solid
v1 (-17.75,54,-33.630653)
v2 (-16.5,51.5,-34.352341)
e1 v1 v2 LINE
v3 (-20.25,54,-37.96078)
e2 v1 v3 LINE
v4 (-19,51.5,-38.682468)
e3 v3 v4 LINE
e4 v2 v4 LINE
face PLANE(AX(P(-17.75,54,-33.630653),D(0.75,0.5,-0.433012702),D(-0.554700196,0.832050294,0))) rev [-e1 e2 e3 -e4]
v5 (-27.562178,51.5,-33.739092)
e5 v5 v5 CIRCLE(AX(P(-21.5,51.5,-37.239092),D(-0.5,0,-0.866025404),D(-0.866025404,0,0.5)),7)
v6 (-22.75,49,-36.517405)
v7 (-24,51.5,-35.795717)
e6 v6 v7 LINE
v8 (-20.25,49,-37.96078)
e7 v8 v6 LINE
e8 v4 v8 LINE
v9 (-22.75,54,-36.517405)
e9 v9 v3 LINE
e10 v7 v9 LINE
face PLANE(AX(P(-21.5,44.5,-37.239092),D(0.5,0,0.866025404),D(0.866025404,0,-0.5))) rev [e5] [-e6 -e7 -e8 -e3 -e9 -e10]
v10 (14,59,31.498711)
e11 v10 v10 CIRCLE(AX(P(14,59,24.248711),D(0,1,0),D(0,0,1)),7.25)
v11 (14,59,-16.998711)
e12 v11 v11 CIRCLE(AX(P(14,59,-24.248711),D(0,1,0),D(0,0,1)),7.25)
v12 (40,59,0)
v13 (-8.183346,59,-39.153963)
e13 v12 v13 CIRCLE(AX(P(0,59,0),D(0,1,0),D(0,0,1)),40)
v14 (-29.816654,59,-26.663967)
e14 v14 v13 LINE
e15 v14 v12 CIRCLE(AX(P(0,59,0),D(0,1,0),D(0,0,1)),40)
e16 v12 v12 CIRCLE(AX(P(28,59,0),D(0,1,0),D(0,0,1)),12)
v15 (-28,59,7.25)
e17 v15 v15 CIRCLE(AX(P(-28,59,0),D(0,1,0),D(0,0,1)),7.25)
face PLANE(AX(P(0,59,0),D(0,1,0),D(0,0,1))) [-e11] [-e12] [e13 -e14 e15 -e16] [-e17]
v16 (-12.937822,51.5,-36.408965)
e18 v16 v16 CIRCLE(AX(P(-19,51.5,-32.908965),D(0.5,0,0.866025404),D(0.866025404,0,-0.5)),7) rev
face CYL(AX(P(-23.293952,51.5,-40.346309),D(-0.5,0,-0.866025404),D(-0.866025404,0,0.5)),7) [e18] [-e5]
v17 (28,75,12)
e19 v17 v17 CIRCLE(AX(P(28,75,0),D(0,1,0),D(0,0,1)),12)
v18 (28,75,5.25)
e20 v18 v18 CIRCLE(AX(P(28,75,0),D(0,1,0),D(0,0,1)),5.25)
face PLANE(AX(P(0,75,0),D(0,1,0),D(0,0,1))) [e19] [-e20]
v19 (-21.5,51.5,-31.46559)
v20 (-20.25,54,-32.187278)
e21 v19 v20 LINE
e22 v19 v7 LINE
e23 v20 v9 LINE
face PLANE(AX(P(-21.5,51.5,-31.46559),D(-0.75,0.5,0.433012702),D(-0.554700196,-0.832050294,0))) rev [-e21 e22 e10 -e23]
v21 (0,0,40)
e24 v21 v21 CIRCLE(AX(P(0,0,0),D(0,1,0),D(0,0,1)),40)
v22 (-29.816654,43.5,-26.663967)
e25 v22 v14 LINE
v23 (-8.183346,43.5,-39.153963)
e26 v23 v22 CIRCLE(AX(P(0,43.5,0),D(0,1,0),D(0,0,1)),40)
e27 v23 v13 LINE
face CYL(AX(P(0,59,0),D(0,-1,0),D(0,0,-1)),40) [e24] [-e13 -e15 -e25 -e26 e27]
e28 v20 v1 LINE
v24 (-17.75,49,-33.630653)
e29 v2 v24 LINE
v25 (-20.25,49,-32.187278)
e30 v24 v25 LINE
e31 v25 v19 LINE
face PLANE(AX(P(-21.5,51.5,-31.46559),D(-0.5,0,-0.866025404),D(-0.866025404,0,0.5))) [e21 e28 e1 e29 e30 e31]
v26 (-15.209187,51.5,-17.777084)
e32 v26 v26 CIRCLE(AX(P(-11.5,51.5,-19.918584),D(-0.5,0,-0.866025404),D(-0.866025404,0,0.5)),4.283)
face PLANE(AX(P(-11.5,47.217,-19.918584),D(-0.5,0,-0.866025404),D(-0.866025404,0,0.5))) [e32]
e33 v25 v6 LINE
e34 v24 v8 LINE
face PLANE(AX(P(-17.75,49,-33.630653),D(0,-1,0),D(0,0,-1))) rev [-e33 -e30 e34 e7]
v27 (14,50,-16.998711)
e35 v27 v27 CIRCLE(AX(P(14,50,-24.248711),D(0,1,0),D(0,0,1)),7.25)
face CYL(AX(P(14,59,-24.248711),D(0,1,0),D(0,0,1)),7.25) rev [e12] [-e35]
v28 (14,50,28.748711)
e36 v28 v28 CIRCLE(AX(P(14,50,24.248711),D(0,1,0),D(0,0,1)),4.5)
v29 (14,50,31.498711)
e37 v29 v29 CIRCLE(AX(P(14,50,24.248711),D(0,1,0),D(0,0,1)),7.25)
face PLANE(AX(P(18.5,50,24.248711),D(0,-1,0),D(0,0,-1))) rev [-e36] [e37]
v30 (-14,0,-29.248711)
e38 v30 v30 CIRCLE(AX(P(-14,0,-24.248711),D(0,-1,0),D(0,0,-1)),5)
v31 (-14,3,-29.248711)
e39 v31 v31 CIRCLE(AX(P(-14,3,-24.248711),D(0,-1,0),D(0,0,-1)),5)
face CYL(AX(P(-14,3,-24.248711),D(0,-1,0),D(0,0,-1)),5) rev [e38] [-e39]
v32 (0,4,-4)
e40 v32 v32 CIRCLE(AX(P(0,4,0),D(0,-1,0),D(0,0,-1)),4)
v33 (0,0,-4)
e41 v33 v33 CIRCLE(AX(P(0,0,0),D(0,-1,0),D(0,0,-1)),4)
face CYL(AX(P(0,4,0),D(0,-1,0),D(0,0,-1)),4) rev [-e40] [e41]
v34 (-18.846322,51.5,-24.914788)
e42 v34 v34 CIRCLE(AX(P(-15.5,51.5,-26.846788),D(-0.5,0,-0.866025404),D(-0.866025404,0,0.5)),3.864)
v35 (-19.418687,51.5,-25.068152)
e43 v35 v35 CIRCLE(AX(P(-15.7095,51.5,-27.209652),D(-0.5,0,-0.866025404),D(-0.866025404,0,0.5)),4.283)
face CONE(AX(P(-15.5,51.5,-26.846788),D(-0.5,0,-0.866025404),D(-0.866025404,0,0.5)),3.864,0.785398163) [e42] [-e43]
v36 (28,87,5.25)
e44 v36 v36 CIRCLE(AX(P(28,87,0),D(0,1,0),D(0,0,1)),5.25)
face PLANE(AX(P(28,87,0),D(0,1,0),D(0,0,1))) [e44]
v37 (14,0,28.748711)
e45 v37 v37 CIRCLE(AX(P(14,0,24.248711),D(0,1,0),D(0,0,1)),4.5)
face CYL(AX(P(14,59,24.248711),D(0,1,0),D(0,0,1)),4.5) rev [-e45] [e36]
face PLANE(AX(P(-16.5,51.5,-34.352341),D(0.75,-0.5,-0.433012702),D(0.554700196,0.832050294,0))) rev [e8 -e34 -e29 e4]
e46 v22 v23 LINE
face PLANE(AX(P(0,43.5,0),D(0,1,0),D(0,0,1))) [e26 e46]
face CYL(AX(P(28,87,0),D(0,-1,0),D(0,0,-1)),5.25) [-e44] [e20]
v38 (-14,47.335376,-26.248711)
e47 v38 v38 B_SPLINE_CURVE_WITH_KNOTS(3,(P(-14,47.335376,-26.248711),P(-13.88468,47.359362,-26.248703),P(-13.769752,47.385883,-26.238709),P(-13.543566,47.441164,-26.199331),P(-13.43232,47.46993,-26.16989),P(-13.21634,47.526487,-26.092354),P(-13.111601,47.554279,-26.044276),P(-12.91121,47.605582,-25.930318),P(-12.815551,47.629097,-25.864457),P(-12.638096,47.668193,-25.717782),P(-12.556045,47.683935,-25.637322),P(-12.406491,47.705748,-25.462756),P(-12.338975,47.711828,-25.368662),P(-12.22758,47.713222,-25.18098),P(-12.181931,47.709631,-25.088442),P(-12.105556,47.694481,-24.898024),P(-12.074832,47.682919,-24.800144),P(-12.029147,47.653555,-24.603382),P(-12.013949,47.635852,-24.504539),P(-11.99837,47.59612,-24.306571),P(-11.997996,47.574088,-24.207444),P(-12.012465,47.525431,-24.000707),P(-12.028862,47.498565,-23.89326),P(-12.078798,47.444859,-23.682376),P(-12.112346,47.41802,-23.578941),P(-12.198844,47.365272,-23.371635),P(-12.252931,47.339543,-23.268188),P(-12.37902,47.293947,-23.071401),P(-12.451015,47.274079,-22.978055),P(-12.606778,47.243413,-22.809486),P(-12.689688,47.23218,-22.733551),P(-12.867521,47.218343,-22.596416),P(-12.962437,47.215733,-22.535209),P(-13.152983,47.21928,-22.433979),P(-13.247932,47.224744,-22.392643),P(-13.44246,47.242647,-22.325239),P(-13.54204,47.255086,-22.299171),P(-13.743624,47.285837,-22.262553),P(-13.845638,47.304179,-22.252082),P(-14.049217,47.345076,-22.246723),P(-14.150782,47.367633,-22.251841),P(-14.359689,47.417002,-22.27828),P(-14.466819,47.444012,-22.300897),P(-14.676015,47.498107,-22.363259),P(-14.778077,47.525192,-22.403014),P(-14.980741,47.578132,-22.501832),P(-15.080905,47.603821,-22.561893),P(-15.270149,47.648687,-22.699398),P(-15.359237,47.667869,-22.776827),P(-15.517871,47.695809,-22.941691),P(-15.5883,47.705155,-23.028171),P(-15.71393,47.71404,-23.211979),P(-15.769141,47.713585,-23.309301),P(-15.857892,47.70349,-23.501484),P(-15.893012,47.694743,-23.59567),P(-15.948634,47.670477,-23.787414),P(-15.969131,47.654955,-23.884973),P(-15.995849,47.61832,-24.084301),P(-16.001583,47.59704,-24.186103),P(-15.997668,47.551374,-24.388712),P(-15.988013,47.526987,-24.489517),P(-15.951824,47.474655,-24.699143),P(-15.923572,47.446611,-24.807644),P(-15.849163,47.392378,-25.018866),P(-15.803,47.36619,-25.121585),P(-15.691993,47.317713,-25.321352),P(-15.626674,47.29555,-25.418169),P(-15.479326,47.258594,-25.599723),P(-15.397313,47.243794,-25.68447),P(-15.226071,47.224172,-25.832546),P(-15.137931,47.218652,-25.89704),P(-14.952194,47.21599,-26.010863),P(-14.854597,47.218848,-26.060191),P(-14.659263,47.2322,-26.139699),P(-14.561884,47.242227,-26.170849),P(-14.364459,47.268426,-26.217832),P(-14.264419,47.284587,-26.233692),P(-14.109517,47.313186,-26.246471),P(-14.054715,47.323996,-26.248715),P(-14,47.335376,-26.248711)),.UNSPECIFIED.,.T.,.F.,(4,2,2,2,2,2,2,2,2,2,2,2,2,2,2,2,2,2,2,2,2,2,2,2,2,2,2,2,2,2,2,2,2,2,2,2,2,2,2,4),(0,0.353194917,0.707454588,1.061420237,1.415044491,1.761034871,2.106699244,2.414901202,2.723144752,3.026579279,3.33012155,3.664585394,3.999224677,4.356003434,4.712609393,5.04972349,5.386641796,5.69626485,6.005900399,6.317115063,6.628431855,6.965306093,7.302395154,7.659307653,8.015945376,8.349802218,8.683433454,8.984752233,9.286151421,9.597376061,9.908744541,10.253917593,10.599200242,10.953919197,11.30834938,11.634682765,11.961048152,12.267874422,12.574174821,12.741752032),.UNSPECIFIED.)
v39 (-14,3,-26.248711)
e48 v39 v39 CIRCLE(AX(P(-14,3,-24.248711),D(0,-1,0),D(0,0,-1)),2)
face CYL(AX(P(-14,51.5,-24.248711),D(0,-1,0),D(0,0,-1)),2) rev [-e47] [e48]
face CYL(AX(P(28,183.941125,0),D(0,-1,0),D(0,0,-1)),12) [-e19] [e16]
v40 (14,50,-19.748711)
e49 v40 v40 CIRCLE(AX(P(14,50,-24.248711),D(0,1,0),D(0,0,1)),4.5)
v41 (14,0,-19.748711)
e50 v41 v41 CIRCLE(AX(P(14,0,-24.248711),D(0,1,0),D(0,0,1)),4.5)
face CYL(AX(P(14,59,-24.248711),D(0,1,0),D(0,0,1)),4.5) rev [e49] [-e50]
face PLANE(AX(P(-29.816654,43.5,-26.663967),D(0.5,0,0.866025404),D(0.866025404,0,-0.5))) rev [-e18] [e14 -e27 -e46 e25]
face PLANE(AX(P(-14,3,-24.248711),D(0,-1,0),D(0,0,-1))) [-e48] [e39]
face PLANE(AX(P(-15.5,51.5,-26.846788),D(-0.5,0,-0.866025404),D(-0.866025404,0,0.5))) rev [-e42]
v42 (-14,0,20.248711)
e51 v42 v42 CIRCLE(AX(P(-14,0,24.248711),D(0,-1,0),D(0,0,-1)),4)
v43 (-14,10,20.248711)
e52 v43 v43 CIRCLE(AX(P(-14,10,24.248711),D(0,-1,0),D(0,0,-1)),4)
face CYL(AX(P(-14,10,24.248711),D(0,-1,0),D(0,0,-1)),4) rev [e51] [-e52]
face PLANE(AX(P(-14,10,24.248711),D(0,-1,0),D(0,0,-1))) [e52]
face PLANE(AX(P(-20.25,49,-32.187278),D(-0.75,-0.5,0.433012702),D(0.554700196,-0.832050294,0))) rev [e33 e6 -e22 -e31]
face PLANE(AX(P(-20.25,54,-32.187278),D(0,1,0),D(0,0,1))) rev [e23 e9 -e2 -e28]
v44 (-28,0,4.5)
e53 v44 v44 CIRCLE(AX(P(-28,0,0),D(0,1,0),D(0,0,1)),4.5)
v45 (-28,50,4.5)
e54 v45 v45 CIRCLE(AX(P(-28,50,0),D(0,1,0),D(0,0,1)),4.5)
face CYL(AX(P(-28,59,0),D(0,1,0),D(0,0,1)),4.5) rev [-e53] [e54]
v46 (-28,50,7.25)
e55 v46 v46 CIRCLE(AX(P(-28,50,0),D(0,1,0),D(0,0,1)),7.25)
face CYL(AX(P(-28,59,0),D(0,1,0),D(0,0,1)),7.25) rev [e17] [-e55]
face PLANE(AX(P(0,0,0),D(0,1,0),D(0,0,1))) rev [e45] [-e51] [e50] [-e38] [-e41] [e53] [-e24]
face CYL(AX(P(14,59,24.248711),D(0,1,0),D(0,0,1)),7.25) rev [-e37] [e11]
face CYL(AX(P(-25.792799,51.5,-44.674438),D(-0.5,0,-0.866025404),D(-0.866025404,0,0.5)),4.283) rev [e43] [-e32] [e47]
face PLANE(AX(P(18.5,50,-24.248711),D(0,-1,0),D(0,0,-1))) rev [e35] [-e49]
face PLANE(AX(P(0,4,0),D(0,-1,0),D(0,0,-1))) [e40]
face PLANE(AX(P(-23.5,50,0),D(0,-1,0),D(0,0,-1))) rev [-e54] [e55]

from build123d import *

# Parameters (mm, degrees)
SKETCH1_R          = 40
EXTRUDE1_DEPTH     = 59
SKETCH11_R         = 12
EXTRUDE2_DEPTH     = 16
SKETCH12_R         = 5.25
EXTRUDE3_DEPTH     = 12
HOLE1_D            = 9
HOLE1_DEPTH        = 59.001
HOLE1_CBORE_D      = 14.5
HOLE1_CBORE_DEPTH  = 9
CIRPATTERN1_COUNT  = 3
SKETCH5_R          = 4
CUT_EXTRUDE1_DEPTH = 4
SKETCH13_R         = 4
CUT_EXTRUDE5_DEPTH = 10
SKETCH6_R          = 5
CUT_EXTRUDE2_DEPTH = 3
SKETCH7_R          = 2
CUT_EXTRUDE3_DEPTH = 48.5
CUT_EXTRUDE6_DEPTH = 15.5
SKETCH8_W          = 15
SKETCH8_H          = 4.283
CUT_EXTRUDE4_DEPTH = 5


with BuildPart() as part:
    # Sketch1 → Extrude1 (new body)
    with BuildSketch(Plane(origin=(0, 0, 0), x_dir=(1, 0, 0), z_dir=(0, 1, 0))):
        with Locations(Location((0, 0, 0), (0, 0, 270))):  # turned: the seam where the file's is
            Circle(SKETCH1_R)
    extrude(amount=EXTRUDE1_DEPTH)

    # Sketch11 → Extrude2 (add)
    with BuildSketch(Plane(origin=(0, 59, 0), x_dir=(1, 0, 0), z_dir=(0, 1, 0))):
        with Locations((28, 0)):
            Circle(SKETCH11_R)
    extrude(amount=EXTRUDE2_DEPTH)

    # Sketch12 → Extrude3 (add)
    with BuildSketch(Plane(origin=(0, 75, 0), x_dir=(1, 0, 0), z_dir=(0, 1, 0))):
        with Locations(Location((28, 0, 0), (0, 0, 270))):  # turned: the seam where the file's is
            Circle(SKETCH12_R)
    extrude(amount=EXTRUDE3_DEPTH)

    # Hole1
    with Locations(Plane(origin=(0, 59, 0), x_dir=(-1, 0, 0), z_dir=(0, 1, 0))):
        with Locations((28, 0)):
            hole1 = CounterBoreHole(HOLE1_D / 2, HOLE1_CBORE_D / 2, HOLE1_CBORE_DEPTH, depth=HOLE1_DEPTH)

    # CirPattern1: Hole1 ×3 about axis
    cirpattern1_axis = Axis((0, 0, 0), (0, 1, 0))
    for i in range(1, CIRPATTERN1_COUNT):
        add(hole1.rotate(cirpattern1_axis, i * 360 / CIRPATTERN1_COUNT), mode=Mode.SUBTRACT)

    # Sketch5 → Cut-Extrude1 (cut)
    with BuildSketch(Plane.XZ):
        with Locations(Location((0, 0, 0), (0, 0, 270))):  # turned: the seam where the file's is
            Circle(SKETCH5_R)
    extrude(amount=-CUT_EXTRUDE1_DEPTH, mode=Mode.SUBTRACT)

    # Sketch13 → Cut-Extrude5 (cut)
    with BuildSketch(Plane.XZ):
        with Locations(Location((-14, 24.248711306, 0), (0, 0, 270))):  # turned: the seam where the file's is
            Circle(SKETCH13_R)
    extrude(amount=-CUT_EXTRUDE5_DEPTH, mode=Mode.SUBTRACT)

    # Sketch6 → Cut-Extrude2 (cut)
    with BuildSketch(Plane.XZ):
        with Locations(Location((-14, -24.248711306, 0), (0, 0, 270))):  # turned: the seam where the file's is
            Circle(SKETCH6_R)
    extrude(amount=-CUT_EXTRUDE2_DEPTH, mode=Mode.SUBTRACT)

    # Sketch7 → Cut-Extrude3 (cut)
    with BuildSketch(Plane.XZ.offset(-3)):
        with Locations(Location((-14, -24.248711306, 0), (0, 0, 270))):  # turned: the seam where the file's is
            Circle(SKETCH7_R)
    extrude(amount=-CUT_EXTRUDE3_DEPTH, mode=Mode.SUBTRACT)

    # Sketch14 → Cut-Extrude6 (cut)
    with BuildSketch(Plane(origin=(0, 59, 0), x_dir=(1, 0, 0), z_dir=(0, 1, 0))):
        with BuildLine():
            Line((-29.816653826, 26.663967345), (-8.183346174, 39.153963342))
            ThreePointArc((-8.183346174, 39.153963342), (-20, 34.641016151), (-29.816653826, 26.663967345))
        make_face()
    extrude(amount=-CUT_EXTRUDE6_DEPTH, mode=Mode.SUBTRACT)

    # Sketch8 → Cut-Revolve1 (revolve, cut)
    with BuildSketch(Plane(origin=(0, 0, 0), x_dir=(-0.5, 0, -0.866025404), z_dir=(0.866025404, 0, -0.5)), mode=Mode.PRIVATE) as cut_revolve1_sk:
        with Locations((30.5, 49.3585)):
            Rectangle(SKETCH8_W, SKETCH8_H)
    revolve(cut_revolve1_sk.sketch.rotate(Axis((-25.792798991, 51.5, -44.674438322), (0.5, 0, 0.866025404)), 270), axis=Axis((-25.792798991, 51.5, -44.674438322), (0.5, 0, 0.866025404)), mode=Mode.SUBTRACT)  # turned: the seam where the file's is

    # Sketch9 → Revolve2 (revolve)
    with BuildSketch(Plane(origin=(0, 0, 0), x_dir=(-0.5, 0, -0.866025404), z_dir=(0.866025404, 0, -0.5)), mode=Mode.PRIVATE) as revolve2_sk:
        Polygon((38, 44.5), (38, 47.217), (31.419, 47.217), (31, 47.636), (31, 51.5), (43, 51.5), (43, 44.5), align=None)
    revolve(revolve2_sk.sketch.rotate(Axis((-23.293952485, 51.5, -40.346309212), (0.5, 0, 0.866025404)), 270), axis=Axis((-23.293952485, 51.5, -40.346309212), (0.5, 0, 0.866025404)))  # turned: the seam where the file's is

    # Sketch10 → Cut-Extrude4 (cut)
    with BuildSketch(Plane(origin=(-21.5, 0, -37.239092363), x_dir=(-0.866025404, 0, 0.5), z_dir=(-0.5, 0, -0.866025404))):
        Polygon((2.886751346, 51.5), (1.443375673, 54), (-1.443375673, 54), (-2.886751346, 51.5), (-1.443375673, 49), (1.443375673, 49), align=None)
    extrude(amount=-CUT_EXTRUDE4_DEPTH, mode=Mode.SUBTRACT)


solid = part.part
